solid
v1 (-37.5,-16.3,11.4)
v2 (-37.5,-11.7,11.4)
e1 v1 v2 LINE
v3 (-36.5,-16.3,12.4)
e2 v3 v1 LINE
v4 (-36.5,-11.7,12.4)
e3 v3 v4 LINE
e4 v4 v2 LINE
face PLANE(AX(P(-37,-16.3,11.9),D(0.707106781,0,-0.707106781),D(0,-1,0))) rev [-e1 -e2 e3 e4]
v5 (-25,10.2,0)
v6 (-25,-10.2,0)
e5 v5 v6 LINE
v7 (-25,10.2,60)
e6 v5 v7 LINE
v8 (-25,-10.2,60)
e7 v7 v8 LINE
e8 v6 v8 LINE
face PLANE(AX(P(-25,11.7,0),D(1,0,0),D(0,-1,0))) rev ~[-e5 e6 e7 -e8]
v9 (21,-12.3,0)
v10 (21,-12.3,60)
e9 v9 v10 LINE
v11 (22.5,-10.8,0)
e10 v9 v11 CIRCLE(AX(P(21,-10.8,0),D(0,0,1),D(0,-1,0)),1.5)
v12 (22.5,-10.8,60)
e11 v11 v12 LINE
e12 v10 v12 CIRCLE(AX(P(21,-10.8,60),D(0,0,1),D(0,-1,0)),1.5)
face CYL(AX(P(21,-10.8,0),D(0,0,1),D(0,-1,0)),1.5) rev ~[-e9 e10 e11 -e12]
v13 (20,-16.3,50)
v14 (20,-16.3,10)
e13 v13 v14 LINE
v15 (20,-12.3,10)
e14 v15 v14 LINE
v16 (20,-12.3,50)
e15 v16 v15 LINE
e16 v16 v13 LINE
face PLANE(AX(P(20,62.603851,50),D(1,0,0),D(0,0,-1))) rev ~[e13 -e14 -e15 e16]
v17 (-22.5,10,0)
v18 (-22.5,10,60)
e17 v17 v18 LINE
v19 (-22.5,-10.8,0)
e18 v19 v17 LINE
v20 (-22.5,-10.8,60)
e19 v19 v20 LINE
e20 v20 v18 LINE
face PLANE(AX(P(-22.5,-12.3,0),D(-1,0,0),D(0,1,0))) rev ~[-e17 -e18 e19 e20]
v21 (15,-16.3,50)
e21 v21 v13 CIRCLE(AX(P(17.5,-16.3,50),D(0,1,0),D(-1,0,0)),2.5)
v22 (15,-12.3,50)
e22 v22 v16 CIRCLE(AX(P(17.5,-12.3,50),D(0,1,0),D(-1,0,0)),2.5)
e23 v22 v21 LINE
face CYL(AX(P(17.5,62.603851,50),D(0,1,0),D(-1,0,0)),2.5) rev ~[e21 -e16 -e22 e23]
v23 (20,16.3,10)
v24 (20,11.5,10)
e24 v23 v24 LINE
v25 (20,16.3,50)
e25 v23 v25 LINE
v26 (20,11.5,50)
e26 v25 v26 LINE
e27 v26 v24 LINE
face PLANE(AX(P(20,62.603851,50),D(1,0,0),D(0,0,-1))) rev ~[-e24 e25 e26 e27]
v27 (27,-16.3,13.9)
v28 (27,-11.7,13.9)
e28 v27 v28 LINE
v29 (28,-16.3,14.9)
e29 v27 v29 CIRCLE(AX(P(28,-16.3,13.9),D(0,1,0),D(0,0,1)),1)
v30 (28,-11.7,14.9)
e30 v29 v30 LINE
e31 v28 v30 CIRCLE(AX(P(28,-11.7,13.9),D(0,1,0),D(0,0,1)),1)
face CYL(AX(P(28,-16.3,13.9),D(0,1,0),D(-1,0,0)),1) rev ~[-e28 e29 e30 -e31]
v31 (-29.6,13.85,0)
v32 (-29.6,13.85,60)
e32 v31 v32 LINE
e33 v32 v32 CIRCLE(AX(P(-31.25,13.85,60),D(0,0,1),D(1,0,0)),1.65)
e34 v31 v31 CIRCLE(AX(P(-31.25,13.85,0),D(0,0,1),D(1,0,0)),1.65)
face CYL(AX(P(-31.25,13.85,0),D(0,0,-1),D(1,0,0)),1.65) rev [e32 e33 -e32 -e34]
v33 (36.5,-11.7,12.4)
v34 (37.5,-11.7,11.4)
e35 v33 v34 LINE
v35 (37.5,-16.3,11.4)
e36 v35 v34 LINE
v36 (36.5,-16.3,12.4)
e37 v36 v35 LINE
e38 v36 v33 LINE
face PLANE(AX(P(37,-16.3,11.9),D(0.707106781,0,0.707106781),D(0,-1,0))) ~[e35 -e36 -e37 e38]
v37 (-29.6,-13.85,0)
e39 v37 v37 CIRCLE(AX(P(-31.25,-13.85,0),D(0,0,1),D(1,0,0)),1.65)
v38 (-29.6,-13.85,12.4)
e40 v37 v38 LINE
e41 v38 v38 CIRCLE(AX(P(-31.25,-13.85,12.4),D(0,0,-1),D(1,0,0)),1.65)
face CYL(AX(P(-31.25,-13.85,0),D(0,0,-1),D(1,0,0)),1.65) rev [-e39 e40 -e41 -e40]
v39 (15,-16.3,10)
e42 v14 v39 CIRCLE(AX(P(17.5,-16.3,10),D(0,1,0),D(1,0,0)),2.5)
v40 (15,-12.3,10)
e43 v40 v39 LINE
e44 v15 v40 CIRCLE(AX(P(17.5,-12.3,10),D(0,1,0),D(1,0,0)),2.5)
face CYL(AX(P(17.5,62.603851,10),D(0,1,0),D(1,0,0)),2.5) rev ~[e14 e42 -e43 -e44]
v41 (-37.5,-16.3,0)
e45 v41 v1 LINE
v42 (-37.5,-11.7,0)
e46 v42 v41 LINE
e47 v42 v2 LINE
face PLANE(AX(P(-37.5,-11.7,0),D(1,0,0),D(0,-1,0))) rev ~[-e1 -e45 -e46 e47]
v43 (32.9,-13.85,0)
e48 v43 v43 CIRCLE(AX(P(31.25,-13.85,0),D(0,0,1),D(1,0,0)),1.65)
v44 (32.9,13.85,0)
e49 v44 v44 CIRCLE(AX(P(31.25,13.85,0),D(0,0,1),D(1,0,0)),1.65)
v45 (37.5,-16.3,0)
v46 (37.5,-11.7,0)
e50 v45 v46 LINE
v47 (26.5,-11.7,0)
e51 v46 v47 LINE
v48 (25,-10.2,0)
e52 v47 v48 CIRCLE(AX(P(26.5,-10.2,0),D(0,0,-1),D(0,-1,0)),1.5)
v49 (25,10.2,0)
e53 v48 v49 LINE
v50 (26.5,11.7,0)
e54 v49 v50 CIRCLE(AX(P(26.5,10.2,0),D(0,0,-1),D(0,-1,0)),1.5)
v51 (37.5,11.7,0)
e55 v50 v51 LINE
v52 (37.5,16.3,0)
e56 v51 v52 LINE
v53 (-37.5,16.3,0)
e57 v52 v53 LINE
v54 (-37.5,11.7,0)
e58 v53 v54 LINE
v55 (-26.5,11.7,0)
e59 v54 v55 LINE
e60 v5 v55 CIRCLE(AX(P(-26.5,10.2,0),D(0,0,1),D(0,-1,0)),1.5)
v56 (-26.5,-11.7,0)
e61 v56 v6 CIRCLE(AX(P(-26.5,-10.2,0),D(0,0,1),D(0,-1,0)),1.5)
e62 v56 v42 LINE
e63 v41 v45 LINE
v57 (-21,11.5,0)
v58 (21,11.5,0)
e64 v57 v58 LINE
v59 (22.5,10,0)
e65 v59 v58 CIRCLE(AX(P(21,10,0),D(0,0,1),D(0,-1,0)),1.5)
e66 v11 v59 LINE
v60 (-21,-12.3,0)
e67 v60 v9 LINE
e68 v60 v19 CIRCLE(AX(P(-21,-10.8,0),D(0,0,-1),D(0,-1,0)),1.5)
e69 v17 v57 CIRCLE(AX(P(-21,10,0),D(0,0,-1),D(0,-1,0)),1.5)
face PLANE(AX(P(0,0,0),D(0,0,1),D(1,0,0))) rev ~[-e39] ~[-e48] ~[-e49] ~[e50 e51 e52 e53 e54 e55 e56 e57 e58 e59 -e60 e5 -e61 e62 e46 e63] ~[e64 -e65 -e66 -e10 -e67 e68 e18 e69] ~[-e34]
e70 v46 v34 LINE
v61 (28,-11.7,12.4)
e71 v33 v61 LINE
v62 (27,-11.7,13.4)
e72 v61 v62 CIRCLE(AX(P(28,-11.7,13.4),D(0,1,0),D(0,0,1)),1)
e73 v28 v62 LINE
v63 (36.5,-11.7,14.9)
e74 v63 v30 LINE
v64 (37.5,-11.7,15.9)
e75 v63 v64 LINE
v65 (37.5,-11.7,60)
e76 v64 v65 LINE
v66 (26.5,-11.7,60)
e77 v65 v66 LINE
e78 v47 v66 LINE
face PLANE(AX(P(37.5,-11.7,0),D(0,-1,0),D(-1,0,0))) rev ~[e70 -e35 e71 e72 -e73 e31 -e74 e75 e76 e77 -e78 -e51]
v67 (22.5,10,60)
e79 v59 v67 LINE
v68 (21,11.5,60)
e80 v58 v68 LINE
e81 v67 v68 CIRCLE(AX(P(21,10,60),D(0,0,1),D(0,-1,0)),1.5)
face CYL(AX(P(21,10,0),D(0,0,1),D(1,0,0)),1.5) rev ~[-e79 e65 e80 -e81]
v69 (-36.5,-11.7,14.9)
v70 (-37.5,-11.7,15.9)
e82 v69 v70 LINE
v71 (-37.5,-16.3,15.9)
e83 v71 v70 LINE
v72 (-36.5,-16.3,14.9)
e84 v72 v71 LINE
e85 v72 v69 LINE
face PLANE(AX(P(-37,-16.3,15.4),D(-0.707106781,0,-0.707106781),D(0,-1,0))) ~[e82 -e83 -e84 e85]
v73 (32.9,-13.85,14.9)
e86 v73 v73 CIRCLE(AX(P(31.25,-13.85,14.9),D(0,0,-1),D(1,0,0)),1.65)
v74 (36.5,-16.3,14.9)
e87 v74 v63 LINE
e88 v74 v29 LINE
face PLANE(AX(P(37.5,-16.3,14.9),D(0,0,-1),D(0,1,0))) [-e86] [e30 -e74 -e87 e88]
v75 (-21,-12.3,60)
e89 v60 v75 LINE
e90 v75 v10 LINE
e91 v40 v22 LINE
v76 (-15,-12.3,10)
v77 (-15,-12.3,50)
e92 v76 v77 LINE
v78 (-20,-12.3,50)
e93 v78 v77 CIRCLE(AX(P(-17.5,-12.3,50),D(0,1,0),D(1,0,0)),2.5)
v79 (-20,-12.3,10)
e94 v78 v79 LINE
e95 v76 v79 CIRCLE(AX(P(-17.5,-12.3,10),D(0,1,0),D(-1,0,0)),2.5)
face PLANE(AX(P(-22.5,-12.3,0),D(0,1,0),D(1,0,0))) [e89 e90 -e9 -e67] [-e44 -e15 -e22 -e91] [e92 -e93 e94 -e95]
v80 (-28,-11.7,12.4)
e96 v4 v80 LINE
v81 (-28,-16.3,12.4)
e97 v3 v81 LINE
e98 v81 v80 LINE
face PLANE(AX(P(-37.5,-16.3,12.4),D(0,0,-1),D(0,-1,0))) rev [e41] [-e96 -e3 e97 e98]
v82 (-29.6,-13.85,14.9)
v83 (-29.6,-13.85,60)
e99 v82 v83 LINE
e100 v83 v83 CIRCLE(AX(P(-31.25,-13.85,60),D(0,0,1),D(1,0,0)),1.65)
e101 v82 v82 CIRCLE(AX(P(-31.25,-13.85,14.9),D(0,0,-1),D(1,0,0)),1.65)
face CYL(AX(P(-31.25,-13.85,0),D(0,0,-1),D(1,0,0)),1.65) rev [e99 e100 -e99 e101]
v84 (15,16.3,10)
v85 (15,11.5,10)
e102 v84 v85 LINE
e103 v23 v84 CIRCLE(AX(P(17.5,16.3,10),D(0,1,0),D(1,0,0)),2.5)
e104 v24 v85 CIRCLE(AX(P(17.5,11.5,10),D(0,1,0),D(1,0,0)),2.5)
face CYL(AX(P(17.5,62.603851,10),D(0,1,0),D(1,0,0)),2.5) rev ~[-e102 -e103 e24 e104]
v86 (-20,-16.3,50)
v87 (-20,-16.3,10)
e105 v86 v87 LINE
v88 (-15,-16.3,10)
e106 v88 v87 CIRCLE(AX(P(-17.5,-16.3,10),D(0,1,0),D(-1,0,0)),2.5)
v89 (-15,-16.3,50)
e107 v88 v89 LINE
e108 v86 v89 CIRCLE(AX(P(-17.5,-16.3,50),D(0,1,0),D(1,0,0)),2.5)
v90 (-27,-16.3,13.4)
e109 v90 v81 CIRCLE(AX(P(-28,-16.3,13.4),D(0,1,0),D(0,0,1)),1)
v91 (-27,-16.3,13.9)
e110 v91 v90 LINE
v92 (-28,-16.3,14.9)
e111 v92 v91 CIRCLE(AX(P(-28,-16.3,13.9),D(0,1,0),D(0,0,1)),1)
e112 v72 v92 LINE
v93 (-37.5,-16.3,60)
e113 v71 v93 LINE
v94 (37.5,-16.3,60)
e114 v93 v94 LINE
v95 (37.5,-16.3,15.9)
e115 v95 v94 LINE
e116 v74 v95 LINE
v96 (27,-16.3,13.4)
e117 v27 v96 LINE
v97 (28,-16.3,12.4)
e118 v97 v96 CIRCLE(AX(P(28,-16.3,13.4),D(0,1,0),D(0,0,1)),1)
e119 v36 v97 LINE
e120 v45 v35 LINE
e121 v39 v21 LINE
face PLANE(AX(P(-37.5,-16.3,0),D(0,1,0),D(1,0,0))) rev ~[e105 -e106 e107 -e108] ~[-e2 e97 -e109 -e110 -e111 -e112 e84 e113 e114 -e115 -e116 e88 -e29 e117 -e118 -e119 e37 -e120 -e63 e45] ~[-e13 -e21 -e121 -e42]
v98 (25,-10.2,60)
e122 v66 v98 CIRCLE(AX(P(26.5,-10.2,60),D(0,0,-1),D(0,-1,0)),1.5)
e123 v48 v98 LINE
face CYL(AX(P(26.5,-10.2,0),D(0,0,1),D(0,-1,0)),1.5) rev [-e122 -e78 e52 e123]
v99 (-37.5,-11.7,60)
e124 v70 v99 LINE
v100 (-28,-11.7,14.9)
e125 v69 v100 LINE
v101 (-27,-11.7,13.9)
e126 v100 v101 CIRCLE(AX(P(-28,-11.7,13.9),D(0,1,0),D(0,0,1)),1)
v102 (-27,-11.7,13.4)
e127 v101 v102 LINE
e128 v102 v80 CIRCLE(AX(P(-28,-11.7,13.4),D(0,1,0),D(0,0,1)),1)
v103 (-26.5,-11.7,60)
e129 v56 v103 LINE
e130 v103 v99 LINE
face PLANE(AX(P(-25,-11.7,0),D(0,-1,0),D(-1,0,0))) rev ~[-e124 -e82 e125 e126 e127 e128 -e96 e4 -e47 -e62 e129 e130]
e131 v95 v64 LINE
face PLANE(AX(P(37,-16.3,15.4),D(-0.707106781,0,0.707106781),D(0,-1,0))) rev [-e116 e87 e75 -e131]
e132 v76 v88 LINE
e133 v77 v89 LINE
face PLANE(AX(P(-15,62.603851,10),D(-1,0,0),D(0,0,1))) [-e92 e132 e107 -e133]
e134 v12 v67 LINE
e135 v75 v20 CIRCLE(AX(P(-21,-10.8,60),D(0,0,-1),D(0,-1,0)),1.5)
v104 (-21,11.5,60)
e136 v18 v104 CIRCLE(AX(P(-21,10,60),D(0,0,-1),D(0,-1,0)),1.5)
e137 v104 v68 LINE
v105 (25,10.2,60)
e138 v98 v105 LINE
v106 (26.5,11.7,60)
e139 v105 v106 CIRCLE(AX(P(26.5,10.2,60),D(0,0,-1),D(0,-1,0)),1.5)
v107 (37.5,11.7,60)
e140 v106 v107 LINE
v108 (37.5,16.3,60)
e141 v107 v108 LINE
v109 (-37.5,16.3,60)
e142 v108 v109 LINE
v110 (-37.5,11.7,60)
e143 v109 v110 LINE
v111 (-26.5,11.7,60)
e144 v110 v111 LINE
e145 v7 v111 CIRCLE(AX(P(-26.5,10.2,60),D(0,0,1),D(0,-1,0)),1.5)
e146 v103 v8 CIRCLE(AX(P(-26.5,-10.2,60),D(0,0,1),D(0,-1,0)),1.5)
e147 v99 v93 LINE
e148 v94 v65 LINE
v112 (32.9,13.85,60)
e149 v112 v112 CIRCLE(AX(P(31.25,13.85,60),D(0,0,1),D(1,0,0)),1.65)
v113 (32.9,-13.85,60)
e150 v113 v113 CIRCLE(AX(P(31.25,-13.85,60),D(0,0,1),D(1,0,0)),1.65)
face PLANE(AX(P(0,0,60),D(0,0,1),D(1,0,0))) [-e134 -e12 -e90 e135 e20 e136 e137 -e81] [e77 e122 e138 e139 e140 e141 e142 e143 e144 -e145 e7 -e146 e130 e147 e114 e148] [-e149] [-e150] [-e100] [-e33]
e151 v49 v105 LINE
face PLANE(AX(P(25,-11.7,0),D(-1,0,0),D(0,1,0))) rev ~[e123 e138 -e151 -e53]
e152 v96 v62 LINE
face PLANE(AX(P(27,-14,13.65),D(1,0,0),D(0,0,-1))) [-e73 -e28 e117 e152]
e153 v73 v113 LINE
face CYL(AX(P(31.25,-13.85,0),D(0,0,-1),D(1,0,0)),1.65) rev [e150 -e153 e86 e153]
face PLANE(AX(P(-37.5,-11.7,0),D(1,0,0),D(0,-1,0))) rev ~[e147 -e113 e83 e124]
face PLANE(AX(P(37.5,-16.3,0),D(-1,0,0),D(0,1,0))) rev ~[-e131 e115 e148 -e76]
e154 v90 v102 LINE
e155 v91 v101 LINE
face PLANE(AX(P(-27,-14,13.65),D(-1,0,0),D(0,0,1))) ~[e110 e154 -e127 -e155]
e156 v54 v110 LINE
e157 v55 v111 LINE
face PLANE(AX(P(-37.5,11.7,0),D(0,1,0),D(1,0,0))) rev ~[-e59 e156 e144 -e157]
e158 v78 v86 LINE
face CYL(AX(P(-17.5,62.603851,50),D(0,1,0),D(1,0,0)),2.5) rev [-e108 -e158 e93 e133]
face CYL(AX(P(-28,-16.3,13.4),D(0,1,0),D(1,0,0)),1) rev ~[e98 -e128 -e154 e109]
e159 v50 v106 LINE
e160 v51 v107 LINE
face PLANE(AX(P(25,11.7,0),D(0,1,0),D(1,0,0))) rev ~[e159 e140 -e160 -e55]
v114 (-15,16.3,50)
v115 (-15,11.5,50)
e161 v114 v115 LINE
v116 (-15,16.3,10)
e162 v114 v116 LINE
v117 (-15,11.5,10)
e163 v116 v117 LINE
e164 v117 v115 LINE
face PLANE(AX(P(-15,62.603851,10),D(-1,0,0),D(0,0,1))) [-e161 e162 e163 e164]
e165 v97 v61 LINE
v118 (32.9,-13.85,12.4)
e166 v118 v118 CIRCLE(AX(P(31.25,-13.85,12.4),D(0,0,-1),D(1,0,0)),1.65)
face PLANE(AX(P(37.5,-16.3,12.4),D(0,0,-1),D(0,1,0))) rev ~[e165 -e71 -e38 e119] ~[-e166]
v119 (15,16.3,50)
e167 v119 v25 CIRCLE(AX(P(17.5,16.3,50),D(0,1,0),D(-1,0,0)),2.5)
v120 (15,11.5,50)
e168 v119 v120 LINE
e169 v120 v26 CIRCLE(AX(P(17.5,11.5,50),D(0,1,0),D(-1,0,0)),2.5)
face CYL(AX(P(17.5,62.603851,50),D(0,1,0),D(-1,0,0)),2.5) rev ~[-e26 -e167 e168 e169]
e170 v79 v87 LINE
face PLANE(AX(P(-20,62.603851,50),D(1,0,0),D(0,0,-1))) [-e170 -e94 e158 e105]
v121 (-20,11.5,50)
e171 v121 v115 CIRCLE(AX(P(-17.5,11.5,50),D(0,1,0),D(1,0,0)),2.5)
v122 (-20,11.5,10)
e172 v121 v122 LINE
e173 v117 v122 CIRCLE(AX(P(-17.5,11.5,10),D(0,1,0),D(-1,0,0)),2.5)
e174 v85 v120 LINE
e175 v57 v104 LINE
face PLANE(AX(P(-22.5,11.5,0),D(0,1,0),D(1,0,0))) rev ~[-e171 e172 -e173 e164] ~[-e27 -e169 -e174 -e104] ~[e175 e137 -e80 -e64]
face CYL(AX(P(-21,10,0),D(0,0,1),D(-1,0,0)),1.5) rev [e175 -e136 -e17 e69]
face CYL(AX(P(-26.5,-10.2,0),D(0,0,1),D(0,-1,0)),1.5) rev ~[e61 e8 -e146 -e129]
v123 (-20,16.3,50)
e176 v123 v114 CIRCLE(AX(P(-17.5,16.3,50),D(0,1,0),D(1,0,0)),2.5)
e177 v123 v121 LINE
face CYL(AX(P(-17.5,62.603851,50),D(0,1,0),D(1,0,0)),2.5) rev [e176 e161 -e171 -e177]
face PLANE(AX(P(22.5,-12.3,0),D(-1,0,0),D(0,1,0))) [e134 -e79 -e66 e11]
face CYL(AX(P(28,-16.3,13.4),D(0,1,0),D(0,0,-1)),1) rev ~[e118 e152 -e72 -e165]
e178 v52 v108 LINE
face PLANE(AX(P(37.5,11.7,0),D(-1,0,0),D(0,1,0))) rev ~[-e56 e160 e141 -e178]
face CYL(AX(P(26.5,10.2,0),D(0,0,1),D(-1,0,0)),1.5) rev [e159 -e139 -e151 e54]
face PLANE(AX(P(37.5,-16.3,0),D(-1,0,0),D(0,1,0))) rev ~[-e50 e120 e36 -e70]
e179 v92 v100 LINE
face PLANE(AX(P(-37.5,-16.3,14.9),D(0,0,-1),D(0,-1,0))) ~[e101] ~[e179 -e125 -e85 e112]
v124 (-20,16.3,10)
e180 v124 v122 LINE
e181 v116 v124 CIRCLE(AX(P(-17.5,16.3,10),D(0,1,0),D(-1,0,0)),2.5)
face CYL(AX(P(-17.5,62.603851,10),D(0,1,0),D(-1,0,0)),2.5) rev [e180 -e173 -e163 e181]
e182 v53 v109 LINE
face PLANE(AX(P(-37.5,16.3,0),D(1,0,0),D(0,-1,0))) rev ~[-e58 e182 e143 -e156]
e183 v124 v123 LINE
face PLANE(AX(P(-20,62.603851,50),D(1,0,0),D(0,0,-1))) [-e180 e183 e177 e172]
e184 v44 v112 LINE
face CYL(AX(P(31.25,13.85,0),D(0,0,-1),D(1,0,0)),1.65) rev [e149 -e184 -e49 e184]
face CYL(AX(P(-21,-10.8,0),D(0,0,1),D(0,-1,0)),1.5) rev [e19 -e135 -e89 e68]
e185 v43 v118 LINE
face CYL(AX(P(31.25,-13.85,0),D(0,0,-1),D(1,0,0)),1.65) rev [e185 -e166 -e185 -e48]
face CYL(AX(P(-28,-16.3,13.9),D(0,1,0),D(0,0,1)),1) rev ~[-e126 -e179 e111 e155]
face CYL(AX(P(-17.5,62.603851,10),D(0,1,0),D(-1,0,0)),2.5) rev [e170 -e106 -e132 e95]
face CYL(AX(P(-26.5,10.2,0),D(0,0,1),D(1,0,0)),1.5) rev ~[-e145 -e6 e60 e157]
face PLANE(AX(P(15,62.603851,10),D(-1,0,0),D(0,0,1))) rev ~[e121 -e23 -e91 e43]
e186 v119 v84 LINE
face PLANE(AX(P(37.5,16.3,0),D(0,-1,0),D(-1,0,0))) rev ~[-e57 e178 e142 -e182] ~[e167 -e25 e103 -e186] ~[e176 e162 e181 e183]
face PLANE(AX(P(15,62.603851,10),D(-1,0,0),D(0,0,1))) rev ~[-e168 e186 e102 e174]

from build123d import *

# Parameters (mm, degrees)
SKETCH1_R               = 1.65
SKETCH1_W               = 45
SKETCH1_H               = 23.8
BOSS_EXTRUDE1_DEPTH     = 60
FILLET1_R               = 1.5
SKETCH2_W               = 2.5
SKETCH2_H               = 4.6
CUT_EXTRUDE1_DEPTH      = 10.5
FILLET2_R               = 1
CHAMFER1_SIZE           = 1
FILLET2_OF_MIRROR2_R    = 1
CHAMFER2_SIZE           = 1
CUT_EXTRUDE2_DEPTH      = 78.903850996
CUT_EXTRUDE2_DEPTH_BACK = 78.903850996


with BuildPart() as part:
    # Sketch1 → Boss-Extrude1 (new body)
    with BuildSketch(Plane.XY):
        Polygon((-25, -11.7), (-37.5, -11.7), (-37.5, -16.3), (37.5, -16.3), (37.5, -11.7), (25, -11.7), (25, 11.7), (37.5, 11.7), (37.5, 16.3), (-37.5, 16.3), (-37.5, 11.7), (-25, 11.7), align=None)
        with Locations((-31.25, -13.85)):
            Circle(SKETCH1_R, mode=Mode.SUBTRACT)
        with Locations((31.25, -13.85)):
            Circle(SKETCH1_R, mode=Mode.SUBTRACT)
        with Locations((0, -0.4)):
            Rectangle(SKETCH1_W, SKETCH1_H, mode=Mode.SUBTRACT)
        with Locations((-31.25, 13.85)):
            Circle(SKETCH1_R, mode=Mode.SUBTRACT)
        with Locations((31.25, 13.85)):
            Circle(SKETCH1_R, mode=Mode.SUBTRACT)
    extrude(amount=BOSS_EXTRUDE1_DEPTH)

    # Fillet1
    fillet1_edges = [part.edges().sort_by_distance(p)[0] for p in [
        (22.5, 11.5, 30),
        (-22.5, 11.5, 30),
        (-22.5, -12.3, 30),
        (22.5, -12.3, 30),
        (-25, -11.7, 30),
        (-25, 11.7, 30),
        (25, 11.7, 30),
        (25, -11.7, 30),
    ]]
    fillet(fillet1_edges, radius=FILLET1_R)

    # Sketch2 → Cut-Extrude1 (cut)
    with BuildSketch(Plane(origin=(37.5, 0, 0), x_dir=(0, 0, -1), z_dir=(1, 0, 0))):
        with Locations((-13.65, -14)):
            Rectangle(SKETCH2_W, SKETCH2_H)
    cut_extrude1 = extrude(amount=-CUT_EXTRUDE1_DEPTH, mode=Mode.SUBTRACT)

    # Fillet2
    fillet2_edges = [part.edges().sort_by_distance(p)[0] for p in [
        (27, -14, 14.9),
        (27, -14, 12.4),
    ]]
    fillet(fillet2_edges, radius=FILLET2_R)

    # Chamfer1
    chamfer1_edges = [part.edges().sort_by_distance(p)[0] for p in [
        (37.5, -14, 12.4),
        (37.5, -14, 14.9),
    ]]
    chamfer(chamfer1_edges, length=CHAMFER1_SIZE)

    # Mirror2: Cut-Extrude1 across plane
    add(cut_extrude1.mirror(Plane(origin=(0, 0, 0), x_dir=(0, 0, 1), z_dir=(1, 0, 0))), mode=Mode.SUBTRACT)

    # Fillet2 of Mirror2
    fillet2_of_mirror2_edges = [part.edges().sort_by_distance(p)[0] for p in [
        (-27, -14, 14.9),
        (-27, -14, 12.4),
    ]]
    fillet(fillet2_of_mirror2_edges, radius=FILLET2_OF_MIRROR2_R)

    # Chamfer2
    chamfer2_edges = [part.edges().sort_by_distance(p)[0] for p in [
        (-37.5, -14, 12.4),
        (-37.5, -14, 14.9),
    ]]
    chamfer(chamfer2_edges, length=CHAMFER2_SIZE)

    # Sketch3 → Cut-Extrude2 (cut, two sides: drawn at the far end of the back side and taken through both)
    with BuildSketch(Plane.XZ.offset(16.3).offset(-CUT_EXTRUDE2_DEPTH_BACK)):
        with BuildLine():
            Line((-20, 50), (-20, 10))
            ThreePointArc((-20, 10), (-17.5, 7.5), (-15, 10))
            Line((-15, 10), (-15, 50))
            ThreePointArc((-15, 50), (-17.5, 52.5), (-20, 50))
        make_face()
        with BuildLine():
            ThreePointArc((20, 10), (17.5, 7.5), (15, 10))
            Line((15, 10), (15, 50))
            ThreePointArc((15, 50), (17.5, 52.5), (20, 50))
            Line((20, 50), (20, 10))
        make_face()
    extrude(amount=CUT_EXTRUDE2_DEPTH + CUT_EXTRUDE2_DEPTH_BACK, mode=Mode.SUBTRACT)


solid = part.part
